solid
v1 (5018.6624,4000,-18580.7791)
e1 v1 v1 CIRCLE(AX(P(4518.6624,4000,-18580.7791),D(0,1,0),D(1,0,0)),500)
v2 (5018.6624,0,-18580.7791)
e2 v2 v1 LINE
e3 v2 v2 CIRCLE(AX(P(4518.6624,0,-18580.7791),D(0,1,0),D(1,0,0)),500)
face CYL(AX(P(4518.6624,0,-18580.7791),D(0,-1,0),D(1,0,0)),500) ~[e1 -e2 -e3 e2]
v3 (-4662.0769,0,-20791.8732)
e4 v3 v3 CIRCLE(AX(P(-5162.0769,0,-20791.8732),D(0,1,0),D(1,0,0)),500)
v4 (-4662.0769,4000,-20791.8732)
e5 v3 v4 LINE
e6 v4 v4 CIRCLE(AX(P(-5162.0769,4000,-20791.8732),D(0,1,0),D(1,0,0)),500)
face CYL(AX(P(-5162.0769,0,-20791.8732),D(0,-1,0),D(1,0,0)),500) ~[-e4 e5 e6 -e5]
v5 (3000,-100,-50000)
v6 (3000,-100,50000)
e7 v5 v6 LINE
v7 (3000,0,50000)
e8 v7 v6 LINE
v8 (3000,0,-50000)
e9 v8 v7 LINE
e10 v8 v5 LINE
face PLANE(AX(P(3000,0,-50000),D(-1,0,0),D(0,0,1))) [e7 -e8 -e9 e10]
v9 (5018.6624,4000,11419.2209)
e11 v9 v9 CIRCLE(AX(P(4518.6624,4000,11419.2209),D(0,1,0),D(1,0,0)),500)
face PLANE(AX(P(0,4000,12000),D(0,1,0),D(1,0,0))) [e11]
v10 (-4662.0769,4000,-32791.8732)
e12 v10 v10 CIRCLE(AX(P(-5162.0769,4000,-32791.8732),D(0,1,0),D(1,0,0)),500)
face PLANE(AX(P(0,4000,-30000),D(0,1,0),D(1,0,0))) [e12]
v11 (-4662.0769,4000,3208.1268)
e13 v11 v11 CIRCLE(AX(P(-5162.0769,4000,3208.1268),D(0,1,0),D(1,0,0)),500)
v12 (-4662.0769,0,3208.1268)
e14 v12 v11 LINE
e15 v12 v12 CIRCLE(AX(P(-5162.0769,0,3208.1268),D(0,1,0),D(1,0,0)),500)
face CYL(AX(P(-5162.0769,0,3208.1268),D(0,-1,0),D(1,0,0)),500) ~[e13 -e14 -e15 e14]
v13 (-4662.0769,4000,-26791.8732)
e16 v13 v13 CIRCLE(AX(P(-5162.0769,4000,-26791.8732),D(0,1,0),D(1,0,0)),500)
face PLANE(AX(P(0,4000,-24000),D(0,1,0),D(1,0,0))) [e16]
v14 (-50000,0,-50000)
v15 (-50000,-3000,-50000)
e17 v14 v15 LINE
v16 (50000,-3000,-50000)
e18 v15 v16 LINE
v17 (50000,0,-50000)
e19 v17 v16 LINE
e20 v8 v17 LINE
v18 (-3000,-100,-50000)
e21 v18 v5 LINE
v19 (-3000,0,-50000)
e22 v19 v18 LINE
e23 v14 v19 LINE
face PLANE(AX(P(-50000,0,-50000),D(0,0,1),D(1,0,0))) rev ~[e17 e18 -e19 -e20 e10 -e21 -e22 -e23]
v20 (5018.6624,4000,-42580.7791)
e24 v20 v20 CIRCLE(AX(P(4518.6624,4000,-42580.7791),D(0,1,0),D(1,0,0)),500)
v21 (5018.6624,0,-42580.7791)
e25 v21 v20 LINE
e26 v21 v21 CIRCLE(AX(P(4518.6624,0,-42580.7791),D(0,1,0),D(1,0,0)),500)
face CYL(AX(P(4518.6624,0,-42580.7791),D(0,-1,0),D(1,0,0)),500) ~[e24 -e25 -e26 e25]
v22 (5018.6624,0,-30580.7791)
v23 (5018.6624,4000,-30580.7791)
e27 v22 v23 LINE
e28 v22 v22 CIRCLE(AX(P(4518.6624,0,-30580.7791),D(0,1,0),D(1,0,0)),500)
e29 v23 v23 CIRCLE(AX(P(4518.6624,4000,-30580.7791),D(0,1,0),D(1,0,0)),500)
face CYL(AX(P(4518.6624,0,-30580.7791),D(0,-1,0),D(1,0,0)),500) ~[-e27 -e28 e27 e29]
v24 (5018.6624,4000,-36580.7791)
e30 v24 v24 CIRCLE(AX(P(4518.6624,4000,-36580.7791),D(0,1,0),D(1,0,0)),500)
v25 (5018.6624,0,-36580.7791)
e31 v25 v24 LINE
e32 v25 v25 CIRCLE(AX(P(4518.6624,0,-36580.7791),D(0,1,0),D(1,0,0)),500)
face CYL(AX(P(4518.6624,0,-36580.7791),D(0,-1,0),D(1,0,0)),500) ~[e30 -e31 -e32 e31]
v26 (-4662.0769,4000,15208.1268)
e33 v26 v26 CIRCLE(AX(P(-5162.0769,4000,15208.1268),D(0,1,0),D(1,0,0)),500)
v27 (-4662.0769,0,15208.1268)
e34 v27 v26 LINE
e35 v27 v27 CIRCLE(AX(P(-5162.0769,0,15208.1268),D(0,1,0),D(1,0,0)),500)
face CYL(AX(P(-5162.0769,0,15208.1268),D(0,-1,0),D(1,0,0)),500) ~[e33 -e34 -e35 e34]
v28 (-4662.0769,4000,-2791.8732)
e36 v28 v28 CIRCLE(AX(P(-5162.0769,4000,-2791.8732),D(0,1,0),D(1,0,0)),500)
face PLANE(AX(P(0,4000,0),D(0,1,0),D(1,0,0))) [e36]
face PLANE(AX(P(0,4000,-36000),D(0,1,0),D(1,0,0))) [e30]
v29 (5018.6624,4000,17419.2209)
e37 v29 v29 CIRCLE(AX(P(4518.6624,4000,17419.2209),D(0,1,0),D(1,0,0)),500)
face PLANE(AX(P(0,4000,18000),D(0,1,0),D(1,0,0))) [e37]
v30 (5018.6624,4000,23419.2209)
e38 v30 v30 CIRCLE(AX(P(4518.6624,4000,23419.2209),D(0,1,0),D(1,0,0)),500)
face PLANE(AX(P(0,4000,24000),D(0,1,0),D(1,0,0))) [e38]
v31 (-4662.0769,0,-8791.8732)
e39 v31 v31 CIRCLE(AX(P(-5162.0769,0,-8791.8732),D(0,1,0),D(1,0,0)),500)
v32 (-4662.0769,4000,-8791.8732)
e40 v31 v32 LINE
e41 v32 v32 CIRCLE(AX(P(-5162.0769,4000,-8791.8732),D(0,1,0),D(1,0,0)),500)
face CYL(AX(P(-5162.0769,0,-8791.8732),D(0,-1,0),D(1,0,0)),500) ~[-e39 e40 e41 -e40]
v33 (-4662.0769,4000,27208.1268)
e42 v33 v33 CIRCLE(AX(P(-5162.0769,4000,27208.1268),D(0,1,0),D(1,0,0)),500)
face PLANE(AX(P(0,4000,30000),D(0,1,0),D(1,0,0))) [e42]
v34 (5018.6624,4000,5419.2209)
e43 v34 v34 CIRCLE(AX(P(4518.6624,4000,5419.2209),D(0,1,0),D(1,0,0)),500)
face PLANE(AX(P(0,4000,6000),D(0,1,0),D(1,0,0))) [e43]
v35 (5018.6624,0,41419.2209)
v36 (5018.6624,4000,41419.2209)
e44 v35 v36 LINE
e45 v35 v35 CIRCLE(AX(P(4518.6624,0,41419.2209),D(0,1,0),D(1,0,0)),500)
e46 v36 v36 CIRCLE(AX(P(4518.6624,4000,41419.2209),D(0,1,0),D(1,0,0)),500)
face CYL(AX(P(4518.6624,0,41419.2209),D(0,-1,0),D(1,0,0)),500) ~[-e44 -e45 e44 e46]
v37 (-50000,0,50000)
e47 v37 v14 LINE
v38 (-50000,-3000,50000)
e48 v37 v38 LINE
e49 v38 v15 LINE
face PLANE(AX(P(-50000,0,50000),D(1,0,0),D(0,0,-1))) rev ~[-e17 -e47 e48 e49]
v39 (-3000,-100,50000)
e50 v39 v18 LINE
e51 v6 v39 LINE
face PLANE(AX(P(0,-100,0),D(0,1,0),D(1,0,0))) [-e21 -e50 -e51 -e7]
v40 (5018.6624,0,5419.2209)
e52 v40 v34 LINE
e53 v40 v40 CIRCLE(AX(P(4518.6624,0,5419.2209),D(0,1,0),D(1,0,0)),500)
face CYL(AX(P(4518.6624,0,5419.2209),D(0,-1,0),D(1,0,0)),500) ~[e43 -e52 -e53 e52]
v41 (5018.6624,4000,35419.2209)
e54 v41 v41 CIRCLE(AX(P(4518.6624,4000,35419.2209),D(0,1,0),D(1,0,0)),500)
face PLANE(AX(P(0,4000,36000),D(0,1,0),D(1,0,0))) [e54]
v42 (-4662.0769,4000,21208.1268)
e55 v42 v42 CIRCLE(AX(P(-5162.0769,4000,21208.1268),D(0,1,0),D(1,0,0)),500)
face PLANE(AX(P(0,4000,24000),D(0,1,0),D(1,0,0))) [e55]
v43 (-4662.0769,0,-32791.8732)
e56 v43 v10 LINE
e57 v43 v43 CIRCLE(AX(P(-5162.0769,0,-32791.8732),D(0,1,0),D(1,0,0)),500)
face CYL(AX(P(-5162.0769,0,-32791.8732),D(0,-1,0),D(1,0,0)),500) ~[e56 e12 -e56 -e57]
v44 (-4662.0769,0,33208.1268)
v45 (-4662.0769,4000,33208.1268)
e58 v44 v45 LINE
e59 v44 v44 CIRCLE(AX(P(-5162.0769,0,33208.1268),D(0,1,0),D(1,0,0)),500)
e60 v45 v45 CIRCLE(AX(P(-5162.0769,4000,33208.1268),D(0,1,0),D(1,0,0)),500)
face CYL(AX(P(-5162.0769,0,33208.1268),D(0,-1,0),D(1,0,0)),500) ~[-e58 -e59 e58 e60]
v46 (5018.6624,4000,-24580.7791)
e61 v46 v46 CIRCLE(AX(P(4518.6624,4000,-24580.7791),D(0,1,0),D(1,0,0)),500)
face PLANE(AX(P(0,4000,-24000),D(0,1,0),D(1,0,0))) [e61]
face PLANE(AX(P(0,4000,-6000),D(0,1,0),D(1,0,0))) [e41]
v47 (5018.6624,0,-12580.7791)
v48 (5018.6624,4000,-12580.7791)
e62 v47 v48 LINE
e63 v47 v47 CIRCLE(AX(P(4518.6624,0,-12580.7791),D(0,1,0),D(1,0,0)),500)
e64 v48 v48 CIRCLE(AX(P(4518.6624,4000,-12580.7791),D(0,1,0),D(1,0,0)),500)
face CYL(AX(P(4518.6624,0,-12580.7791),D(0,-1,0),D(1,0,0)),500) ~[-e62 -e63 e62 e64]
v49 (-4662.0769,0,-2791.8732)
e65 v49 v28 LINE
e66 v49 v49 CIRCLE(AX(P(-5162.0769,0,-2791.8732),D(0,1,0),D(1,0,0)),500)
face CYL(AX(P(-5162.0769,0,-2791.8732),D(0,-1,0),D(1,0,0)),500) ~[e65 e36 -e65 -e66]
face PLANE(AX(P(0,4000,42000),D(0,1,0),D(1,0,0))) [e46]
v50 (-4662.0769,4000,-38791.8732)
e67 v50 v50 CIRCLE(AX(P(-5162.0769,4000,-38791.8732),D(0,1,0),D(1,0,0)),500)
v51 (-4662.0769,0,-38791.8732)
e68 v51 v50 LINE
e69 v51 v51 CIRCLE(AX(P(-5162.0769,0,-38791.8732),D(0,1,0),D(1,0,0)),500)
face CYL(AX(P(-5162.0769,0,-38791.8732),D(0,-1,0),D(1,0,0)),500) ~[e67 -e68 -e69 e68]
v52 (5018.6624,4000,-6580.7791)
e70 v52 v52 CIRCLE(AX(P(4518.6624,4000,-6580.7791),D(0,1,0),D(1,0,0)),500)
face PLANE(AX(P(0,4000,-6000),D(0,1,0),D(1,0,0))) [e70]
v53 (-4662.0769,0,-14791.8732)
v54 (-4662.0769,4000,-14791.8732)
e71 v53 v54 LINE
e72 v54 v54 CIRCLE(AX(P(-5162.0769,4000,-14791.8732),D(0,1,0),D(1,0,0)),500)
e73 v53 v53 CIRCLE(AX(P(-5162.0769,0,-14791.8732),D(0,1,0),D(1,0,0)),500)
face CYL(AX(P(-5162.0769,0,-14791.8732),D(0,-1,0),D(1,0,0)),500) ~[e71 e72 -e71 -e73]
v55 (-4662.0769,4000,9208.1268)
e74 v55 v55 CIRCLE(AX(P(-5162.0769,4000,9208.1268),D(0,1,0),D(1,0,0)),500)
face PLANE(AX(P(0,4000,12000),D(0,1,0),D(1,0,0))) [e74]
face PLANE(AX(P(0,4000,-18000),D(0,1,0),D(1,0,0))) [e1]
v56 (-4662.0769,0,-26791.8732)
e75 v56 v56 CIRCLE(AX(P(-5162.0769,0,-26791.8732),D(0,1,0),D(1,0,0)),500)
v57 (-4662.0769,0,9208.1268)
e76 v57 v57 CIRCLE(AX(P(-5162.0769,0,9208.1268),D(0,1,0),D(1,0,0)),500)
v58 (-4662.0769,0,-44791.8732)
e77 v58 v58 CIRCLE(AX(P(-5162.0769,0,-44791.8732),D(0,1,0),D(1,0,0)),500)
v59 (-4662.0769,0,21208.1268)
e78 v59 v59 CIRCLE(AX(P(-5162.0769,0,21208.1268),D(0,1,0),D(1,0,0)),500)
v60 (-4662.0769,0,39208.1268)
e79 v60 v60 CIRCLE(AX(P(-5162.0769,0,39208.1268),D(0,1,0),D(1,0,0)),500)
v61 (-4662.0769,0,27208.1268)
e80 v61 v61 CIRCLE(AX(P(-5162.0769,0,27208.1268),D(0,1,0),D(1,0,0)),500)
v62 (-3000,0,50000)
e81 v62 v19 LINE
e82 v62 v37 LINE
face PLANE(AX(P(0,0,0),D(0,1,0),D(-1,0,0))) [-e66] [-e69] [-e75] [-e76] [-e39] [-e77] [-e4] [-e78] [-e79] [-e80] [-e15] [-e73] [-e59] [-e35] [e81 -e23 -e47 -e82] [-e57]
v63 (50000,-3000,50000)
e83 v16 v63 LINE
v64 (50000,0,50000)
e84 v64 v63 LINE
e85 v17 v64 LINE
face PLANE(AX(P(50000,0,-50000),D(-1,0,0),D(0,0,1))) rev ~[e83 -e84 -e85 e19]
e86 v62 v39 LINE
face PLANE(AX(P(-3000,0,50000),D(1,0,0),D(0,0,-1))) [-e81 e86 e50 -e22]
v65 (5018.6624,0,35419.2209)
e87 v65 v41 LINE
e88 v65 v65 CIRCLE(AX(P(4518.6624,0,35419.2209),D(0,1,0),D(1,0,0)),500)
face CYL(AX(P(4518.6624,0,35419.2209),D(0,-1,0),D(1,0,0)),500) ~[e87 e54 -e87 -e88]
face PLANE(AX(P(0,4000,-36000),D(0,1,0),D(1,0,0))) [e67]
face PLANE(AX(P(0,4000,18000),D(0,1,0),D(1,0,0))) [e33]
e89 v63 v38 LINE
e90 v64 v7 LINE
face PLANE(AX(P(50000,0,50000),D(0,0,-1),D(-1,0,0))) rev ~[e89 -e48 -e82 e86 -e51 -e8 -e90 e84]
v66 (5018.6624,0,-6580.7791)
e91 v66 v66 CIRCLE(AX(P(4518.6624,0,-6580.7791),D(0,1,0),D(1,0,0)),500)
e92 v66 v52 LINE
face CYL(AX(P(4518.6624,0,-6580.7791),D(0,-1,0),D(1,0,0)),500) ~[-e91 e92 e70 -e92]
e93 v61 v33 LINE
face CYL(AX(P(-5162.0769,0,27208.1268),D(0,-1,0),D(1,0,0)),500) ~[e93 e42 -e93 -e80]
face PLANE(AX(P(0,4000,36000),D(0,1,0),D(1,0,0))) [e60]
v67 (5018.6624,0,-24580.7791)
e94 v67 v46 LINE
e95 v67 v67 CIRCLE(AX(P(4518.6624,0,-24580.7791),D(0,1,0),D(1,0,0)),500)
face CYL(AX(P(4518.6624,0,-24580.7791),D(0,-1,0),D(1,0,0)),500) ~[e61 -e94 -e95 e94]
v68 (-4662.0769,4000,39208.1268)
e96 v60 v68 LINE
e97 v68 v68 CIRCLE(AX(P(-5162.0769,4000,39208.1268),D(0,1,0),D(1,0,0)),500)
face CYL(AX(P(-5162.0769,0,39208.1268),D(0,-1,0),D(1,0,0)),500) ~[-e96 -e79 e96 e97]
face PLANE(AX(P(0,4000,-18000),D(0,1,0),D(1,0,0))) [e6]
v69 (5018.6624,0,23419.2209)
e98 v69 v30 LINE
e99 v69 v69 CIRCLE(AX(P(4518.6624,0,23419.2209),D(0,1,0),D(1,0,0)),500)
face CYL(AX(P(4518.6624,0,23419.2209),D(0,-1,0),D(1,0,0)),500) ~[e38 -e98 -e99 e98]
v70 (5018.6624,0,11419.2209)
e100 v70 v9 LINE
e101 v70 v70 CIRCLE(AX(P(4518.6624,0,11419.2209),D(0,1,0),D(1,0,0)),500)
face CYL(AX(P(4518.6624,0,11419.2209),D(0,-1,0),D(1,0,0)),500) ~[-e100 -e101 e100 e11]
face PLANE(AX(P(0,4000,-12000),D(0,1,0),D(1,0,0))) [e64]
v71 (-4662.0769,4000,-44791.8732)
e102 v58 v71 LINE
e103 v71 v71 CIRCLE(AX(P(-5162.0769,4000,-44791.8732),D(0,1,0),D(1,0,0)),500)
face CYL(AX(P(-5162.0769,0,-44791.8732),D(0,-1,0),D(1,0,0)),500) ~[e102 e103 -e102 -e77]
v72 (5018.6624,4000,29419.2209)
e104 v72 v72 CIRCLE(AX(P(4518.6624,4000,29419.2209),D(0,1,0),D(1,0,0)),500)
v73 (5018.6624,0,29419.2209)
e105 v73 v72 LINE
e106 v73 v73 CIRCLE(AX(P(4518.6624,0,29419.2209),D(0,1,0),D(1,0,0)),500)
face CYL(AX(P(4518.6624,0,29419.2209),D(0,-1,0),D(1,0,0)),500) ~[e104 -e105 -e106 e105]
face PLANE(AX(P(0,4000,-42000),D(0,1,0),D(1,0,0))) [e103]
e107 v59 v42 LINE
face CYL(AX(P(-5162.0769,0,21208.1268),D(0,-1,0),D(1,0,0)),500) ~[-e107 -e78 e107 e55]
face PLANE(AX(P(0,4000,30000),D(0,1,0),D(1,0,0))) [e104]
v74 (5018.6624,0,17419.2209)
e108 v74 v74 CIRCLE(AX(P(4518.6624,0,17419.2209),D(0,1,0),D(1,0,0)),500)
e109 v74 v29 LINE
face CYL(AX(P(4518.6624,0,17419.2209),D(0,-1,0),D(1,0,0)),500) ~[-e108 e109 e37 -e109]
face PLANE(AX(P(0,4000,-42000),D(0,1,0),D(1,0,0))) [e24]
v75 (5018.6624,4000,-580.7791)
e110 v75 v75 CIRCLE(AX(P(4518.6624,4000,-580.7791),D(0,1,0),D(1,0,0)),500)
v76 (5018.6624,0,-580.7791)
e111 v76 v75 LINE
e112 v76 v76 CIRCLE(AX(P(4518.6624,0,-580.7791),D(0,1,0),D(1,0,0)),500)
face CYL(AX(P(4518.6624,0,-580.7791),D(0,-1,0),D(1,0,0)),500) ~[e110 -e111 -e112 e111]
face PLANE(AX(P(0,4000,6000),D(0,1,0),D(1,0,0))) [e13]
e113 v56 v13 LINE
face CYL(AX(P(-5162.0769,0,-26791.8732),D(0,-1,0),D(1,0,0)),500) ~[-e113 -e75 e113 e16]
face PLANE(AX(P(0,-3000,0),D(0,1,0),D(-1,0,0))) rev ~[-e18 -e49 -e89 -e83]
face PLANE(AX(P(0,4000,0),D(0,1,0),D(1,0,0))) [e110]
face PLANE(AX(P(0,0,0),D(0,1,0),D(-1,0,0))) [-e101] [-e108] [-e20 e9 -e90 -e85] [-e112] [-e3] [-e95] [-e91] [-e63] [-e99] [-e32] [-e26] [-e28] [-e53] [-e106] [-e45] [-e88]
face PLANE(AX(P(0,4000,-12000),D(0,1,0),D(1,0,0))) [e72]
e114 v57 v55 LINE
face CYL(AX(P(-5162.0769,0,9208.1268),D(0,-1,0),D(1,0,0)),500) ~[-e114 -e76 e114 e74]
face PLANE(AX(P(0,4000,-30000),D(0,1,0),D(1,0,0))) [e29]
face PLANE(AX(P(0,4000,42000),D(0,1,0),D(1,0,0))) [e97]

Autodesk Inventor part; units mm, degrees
ref_plane "YZ Plane" through (0, 0, 0) normal (1, 0, 0) x (0, 1, 0)
ref_plane "XZ Plane" through (0, 0, 0) normal (0, 1, 0) x (-1, 0, 0)
ref_plane "XY Plane" through (0, 0, 0) normal (0, 0, 1) x (1, 0, 0)
sketch "Sketch1" plane through (0, 0, 0) normal (0, 1, 0) x (-1, 0, 0)
  line L0 (-50000, 50000) -> (50000, 50000)
  line L1 (50000, 50000) -> (50000, -50000)
  line L2 (50000, -50000) -> (-50000, -50000)
  line L3 (-50000, -50000) -> (-50000, 50000)
  line L4 (-50000, 50000) -> (50000, -50000) construction
  line L5 (50000, 50000) -> (-50000, -50000) construction
  point P0 (0, 0)
  dimension "d0" = 100000
  dimension "d1" = 100000
extrude "Extrusion1" add sketch "Sketch1" against normal blind 3000
sketch "Sketch2" plane through (0, 0, 0) normal (0, 1, 0) x (1, 0, 0)
  line L0 (-50000, 50000) -> (50000, 50000) projected
  line L1 (3000, -50000) -> (-3000, -50000)
  line L2 (-3000, -50000) -> (-3000, 50000)
  line L3 (-3000, 50000) -> (3000, 50000)
  line L4 (3000, 50000) -> (3000, -50000)
  line L5 (3000, -50000) -> (-3000, 50000) construction
  line L6 (-3000, -50000) -> (3000, 50000) construction
  point P0 (0, 0)
  dimension "d4" = 6000
extrude "Extrusion2" cut sketch "Sketch2" against normal blind 100
sketch "Sketch3" plane through (0, 0, 0) normal (0, 1, 0) x (1, 0, 0)
  line L0 (3000, 50000) -> (3000, -50000) projected
  line L1 (3000, -50000) -> (50000, -50000) projected
  line L2 (50000, -50000) -> (50000, 50000) projected
  line L3 (50000, 50000) -> (3000, 50000) projected
  circle A0 centre (-5162.0769, 2791.8732) radius 500
  circle A1 centre (4518.6624, 580.7791) radius 500
  point P0 (0, 0)
  dimension "d7" = 1000
  dimension "d8" = 1000
extrude "Extrusion3" add sketch "Sketch3" along normal blind 4000 contours A0 | A1
pattern_linear "Rectangular Pattern1" count 8 spacing 6000 along (0, 0, -1) of "Extrusion3"
pattern_linear "Rectangular Pattern2" count 8 spacing 6000 along (0, 0, 1) of "Extrusion3"
properties part number "forest"
